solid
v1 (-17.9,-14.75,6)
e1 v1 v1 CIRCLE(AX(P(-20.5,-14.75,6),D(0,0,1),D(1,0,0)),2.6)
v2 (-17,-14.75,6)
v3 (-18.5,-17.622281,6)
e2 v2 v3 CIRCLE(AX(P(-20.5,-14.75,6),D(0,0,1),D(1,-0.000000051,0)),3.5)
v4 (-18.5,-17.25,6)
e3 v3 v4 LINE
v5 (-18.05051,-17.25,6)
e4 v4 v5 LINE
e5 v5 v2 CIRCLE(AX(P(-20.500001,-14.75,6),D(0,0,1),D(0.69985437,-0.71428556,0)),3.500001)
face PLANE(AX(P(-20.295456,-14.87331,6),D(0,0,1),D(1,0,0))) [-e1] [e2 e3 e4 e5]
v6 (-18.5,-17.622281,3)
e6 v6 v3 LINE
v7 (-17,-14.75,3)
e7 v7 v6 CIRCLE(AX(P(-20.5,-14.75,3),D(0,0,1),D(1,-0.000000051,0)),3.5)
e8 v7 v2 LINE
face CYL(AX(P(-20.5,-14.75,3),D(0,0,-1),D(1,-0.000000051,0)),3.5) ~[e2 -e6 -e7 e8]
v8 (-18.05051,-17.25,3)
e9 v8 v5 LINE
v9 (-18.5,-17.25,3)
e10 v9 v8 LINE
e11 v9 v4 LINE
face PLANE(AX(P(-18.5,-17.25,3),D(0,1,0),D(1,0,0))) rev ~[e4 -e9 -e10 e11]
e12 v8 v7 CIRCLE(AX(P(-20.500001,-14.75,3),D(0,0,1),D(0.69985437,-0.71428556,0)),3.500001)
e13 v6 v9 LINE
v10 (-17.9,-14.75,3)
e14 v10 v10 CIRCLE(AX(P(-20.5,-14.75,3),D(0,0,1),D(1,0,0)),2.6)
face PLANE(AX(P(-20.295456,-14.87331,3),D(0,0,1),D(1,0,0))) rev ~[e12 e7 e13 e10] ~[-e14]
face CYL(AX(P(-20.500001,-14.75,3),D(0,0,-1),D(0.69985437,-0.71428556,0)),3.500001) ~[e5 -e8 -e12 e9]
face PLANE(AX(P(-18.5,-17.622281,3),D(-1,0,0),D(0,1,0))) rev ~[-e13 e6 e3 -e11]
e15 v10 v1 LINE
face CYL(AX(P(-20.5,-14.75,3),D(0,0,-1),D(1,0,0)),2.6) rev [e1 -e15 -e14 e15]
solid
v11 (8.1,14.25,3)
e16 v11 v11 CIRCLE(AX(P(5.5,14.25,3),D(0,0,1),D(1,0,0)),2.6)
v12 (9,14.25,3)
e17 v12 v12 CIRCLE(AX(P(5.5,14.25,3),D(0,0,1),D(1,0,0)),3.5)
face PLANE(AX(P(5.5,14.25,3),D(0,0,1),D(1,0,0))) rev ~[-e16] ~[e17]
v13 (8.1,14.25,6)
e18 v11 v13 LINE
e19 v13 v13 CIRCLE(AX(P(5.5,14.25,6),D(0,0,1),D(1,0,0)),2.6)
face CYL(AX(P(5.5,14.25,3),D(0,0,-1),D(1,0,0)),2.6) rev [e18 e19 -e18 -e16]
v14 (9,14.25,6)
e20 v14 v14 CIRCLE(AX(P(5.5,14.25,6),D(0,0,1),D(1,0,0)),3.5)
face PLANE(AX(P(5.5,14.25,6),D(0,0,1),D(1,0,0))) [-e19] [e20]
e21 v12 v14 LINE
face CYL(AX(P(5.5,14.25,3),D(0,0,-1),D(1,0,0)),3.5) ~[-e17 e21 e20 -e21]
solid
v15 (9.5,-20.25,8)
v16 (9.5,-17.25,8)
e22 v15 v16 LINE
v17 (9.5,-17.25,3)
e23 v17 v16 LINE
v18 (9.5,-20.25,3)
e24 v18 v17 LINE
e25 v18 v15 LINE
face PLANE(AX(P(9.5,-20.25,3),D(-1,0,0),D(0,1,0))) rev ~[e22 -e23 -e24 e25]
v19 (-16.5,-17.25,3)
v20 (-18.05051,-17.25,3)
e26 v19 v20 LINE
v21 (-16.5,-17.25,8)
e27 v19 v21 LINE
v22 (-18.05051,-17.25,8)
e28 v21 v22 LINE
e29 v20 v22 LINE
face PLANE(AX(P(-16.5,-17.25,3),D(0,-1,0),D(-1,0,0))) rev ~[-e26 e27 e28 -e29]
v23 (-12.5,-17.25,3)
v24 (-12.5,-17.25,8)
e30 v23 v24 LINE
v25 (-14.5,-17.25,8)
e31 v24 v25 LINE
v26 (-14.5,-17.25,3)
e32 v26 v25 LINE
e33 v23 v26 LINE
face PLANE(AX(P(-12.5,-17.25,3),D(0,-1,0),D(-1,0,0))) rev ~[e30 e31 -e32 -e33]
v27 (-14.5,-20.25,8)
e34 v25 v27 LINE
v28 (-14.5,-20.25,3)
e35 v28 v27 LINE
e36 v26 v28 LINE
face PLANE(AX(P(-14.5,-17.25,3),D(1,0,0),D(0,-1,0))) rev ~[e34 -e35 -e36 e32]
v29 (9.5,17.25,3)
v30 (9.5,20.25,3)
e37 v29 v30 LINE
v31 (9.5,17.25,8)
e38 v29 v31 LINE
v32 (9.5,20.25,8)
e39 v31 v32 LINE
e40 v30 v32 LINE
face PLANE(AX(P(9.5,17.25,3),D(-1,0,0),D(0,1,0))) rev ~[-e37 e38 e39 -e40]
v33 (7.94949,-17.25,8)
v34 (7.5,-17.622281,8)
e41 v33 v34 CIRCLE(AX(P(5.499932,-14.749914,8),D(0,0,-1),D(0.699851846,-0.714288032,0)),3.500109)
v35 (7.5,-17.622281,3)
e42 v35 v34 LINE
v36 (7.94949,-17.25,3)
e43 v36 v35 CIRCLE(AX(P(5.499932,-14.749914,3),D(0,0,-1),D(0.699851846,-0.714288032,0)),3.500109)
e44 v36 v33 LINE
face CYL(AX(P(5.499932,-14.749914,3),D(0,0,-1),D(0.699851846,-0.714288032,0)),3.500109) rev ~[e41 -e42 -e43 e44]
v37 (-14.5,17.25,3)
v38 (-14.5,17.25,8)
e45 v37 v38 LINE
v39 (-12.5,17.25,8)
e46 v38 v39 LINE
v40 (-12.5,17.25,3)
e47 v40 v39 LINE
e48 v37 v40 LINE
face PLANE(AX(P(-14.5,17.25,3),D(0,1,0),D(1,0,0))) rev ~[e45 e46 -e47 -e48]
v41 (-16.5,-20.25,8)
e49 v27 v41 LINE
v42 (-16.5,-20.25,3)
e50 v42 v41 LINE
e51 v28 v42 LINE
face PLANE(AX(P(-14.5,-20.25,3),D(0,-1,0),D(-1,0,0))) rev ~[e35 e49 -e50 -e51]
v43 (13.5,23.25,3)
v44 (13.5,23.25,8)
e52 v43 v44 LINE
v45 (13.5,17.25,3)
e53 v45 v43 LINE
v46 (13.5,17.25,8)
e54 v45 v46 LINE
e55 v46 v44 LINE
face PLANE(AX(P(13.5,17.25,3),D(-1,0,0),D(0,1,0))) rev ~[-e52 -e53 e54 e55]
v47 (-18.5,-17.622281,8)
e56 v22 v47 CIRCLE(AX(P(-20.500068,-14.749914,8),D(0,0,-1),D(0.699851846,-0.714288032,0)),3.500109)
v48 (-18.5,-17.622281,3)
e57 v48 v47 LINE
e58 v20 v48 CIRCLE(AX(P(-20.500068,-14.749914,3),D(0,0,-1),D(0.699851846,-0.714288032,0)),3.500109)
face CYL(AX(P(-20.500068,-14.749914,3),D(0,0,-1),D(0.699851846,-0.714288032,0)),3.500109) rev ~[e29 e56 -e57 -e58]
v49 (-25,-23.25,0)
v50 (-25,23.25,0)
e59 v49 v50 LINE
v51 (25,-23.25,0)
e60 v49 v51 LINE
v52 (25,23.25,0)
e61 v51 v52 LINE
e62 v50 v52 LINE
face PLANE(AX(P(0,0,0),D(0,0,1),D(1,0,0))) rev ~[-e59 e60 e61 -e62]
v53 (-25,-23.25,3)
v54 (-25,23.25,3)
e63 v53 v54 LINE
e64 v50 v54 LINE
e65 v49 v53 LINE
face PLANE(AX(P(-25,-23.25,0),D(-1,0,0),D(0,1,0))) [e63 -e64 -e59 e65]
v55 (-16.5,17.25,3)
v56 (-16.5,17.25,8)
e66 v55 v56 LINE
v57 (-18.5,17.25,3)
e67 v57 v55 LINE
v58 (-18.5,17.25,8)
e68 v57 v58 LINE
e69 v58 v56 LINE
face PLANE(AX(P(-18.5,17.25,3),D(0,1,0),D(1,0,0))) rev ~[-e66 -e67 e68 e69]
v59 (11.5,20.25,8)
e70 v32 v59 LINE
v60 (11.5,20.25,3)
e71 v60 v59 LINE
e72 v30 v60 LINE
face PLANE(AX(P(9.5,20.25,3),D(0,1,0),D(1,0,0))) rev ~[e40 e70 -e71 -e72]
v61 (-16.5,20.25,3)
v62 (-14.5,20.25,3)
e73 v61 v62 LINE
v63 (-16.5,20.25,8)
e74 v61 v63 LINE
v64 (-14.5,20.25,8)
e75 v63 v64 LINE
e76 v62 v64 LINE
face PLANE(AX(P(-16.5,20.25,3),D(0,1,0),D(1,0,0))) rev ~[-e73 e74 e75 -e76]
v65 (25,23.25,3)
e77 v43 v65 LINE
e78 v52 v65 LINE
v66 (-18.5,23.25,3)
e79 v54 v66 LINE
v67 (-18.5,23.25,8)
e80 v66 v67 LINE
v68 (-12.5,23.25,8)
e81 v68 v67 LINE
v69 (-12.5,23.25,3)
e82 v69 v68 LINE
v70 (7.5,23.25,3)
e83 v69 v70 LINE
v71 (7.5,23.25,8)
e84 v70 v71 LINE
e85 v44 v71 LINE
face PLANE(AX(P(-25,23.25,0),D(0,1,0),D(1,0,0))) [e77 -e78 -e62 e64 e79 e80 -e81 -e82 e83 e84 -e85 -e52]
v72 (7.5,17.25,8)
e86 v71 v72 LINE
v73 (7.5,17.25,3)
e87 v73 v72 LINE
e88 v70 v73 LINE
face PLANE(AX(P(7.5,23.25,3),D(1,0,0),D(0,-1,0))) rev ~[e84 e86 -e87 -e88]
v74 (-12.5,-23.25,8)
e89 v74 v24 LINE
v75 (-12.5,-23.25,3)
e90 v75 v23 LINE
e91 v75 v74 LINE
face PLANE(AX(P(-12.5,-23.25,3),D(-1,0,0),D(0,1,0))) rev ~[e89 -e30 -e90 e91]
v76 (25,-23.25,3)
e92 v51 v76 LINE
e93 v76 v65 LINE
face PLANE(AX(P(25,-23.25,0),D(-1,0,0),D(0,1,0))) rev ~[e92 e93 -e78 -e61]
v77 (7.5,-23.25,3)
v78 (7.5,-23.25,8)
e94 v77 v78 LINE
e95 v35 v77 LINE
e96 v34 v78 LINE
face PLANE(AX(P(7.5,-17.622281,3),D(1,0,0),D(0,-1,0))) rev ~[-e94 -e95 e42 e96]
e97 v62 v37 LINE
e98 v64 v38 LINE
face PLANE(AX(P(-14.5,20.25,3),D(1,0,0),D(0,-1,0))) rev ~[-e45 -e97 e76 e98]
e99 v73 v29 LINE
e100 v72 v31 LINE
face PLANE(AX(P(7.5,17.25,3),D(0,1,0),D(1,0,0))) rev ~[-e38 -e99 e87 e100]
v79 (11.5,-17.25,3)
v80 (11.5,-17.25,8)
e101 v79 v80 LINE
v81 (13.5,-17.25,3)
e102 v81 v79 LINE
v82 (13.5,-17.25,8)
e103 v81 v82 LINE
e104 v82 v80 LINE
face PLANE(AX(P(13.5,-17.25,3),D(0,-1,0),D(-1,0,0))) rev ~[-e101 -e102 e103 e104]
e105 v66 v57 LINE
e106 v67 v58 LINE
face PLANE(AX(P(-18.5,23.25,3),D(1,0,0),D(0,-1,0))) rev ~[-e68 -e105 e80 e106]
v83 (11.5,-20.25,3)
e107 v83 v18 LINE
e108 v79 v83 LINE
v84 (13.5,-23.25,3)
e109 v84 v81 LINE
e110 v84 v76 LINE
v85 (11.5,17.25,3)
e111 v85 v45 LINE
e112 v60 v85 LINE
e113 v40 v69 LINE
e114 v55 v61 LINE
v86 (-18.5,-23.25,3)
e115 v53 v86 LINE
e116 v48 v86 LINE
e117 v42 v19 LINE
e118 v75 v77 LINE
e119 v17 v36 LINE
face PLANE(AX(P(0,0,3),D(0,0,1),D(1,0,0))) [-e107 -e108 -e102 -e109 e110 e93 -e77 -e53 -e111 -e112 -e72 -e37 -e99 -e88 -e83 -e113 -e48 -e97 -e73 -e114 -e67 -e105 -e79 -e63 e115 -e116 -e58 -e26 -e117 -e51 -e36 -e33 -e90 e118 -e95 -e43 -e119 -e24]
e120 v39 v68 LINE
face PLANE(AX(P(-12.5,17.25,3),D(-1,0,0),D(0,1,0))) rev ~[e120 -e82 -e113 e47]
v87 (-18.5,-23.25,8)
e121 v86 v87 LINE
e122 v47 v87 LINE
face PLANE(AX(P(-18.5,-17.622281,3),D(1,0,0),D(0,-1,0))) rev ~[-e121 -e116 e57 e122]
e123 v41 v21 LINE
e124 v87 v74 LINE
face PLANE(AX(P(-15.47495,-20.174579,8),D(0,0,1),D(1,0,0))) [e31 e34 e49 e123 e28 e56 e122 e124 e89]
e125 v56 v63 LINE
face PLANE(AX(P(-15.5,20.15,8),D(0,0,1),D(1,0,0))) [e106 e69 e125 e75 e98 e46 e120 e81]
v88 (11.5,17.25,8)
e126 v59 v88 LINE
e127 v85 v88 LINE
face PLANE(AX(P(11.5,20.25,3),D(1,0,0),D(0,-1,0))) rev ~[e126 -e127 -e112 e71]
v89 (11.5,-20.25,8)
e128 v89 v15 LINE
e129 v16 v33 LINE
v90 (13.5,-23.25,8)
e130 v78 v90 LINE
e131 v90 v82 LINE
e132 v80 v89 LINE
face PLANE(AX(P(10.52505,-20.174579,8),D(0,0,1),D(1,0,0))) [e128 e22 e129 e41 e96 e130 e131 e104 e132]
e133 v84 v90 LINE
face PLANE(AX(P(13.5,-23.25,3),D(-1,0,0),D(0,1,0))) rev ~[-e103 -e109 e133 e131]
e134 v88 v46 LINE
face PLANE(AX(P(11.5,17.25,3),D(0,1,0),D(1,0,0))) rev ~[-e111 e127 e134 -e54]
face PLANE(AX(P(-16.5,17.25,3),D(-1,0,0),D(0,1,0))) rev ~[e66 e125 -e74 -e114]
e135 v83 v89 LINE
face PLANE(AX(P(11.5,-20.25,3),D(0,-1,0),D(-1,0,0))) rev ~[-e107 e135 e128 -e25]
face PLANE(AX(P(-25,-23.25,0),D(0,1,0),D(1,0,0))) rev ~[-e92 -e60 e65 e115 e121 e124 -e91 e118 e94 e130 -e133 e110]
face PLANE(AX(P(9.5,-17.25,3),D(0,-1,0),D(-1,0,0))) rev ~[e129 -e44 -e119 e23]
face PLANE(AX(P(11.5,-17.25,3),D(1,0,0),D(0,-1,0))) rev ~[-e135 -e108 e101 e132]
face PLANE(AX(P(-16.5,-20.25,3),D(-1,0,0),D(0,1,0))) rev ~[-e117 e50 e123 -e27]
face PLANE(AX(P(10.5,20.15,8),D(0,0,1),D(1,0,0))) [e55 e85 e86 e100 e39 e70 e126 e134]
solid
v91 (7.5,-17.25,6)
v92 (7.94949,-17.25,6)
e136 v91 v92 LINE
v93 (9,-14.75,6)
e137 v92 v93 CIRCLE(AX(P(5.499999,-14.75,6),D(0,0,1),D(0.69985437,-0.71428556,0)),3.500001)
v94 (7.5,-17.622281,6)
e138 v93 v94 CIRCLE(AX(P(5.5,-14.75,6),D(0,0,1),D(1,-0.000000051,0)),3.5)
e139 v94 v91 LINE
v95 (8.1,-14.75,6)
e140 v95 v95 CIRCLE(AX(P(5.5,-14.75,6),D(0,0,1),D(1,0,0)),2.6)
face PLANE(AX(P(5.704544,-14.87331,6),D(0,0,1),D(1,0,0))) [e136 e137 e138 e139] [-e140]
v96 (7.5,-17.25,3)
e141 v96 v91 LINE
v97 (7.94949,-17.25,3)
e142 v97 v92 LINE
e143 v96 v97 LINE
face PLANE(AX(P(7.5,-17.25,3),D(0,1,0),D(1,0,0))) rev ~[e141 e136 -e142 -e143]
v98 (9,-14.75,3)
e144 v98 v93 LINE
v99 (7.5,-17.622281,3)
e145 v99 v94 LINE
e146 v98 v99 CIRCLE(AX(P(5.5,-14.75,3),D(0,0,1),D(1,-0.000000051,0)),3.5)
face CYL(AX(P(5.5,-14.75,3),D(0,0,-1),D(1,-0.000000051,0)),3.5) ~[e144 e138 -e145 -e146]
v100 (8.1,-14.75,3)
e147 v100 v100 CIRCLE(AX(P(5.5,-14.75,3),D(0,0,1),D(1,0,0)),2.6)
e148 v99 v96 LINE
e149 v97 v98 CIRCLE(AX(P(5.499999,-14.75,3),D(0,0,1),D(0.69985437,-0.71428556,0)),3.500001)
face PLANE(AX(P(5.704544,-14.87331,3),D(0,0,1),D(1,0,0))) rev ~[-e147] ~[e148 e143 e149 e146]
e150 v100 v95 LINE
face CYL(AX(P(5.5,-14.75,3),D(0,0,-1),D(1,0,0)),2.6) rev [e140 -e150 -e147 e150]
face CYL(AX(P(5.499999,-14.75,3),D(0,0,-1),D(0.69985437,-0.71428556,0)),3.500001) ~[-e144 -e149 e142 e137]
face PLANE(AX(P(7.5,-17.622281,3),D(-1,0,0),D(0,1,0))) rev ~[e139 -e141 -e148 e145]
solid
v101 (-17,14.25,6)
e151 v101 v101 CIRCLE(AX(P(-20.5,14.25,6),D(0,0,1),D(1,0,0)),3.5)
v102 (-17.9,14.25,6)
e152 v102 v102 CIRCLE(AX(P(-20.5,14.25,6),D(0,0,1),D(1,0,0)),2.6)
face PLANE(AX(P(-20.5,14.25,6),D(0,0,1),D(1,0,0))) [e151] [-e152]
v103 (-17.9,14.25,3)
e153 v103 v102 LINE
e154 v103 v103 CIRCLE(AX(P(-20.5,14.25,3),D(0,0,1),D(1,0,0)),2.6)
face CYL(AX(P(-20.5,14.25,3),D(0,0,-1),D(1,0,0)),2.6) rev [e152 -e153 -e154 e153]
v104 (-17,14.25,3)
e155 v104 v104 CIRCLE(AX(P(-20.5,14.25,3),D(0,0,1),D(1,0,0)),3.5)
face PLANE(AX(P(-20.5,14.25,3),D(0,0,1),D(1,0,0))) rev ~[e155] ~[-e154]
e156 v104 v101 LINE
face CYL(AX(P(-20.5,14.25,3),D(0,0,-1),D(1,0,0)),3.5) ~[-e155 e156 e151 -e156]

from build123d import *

# Parameters (mm, degrees)
F0_W     = 50
F0_H     = 46.5
F1_DEPTH = 3
F3_DEPTH = 5
F2_R     = 3.5
F2_R_2   = 2.6
F4_DEPTH = 3


with BuildPart() as f1:
    # F0 (on Top) → F1 (new body)
    with BuildSketch(Plane.XY):
        Rectangle(F0_W, F0_H)
    extrude(amount=F1_DEPTH)

    # F2 (on face) → F3 (join)
    with BuildSketch(Plane.XY.offset(3)):
        Polygon((-12.5, 23.25), (-18.5, 23.25), (-18.5, 17.25), (-16.5, 17.25), (-16.5, 20.25), (-14.5, 20.25), (-14.5, 17.25), (-12.5, 17.25), align=None)
        Polygon((13.5, 23.25), (7.5, 23.25), (7.5, 17.25), (9.5, 17.25), (9.5, 20.25), (11.5, 20.25), (11.5, 17.25), (13.5, 17.25), align=None)
        with BuildLine():
            Line((9.5, -20.25), (9.5, -17.25))
            Line((9.5, -17.25), (7.94949, -17.25))
            ThreePointArc((7.94949, -17.25), (7.732518, -17.445526), (7.5, -17.622281))
            Line((7.5, -17.622281), (7.5, -23.25))
            Line((7.5, -23.25), (13.5, -23.25))
            Line((13.5, -23.25), (13.5, -17.25))
            Line((13.5, -17.25), (11.5, -17.25))
            Line((11.5, -17.25), (11.5, -20.25))
            Line((11.5, -20.25), (9.5, -20.25))
        make_face()
        with BuildLine():
            Line((-16.5, -20.25), (-16.5, -17.25))
            Line((-16.5, -17.25), (-18.05051, -17.25))
            ThreePointArc((-18.05051, -17.25), (-18.267482, -17.445526), (-18.5, -17.622281))
            Line((-18.5, -17.622281), (-18.5, -23.25))
            Line((-18.5, -23.25), (-12.5, -23.25))
            Line((-12.5, -23.25), (-12.5, -17.25))
            Line((-12.5, -17.25), (-14.5, -17.25))
            Line((-14.5, -17.25), (-14.5, -20.25))
            Line((-14.5, -20.25), (-16.5, -20.25))
        make_face()
    extrude(amount=F3_DEPTH)


with BuildPart() as f4:
    # F2 (on face) → F4 (new body)
    with BuildSketch(Plane.XY.offset(3)):
        with Locations((-20.5, 14.25)):
            Circle(F2_R)
        with Locations((-20.5, 14.25)):
            Circle(F2_R_2, mode=Mode.SUBTRACT)
        with Locations((5.5, 14.25)):
            Circle(F2_R)
        with Locations((5.5, 14.25)):
            Circle(F2_R_2, mode=Mode.SUBTRACT)
        with BuildLine():
            Line((7.5, -17.25), (7.94949, -17.25))
            ThreePointArc((7.94949, -17.25), (8.726702, -16.105874), (9, -14.75))
            ThreePointArc((9, -14.75), (2.397582, -13.129815), (7.5, -17.622281))
            Line((7.5, -17.622281), (7.5, -17.25))
        make_face()
        with Locations((5.5, -14.75)):
            Circle(F2_R_2, mode=Mode.SUBTRACT)
        with BuildLine():
            Line((-18.5, -17.25), (-18.05051, -17.25))
            ThreePointArc((-18.05051, -17.25), (-17.273298, -16.105874), (-17, -14.75))
            ThreePointArc((-17, -14.75), (-23.602418, -13.129815), (-18.5, -17.622281))
            Line((-18.5, -17.622281), (-18.5, -17.25))
        make_face()
        with Locations((-20.5, -14.75)):
            Circle(F2_R_2, mode=Mode.SUBTRACT)
    extrude(amount=F4_DEPTH)


solid = Compound([f1.part, f4.part])
